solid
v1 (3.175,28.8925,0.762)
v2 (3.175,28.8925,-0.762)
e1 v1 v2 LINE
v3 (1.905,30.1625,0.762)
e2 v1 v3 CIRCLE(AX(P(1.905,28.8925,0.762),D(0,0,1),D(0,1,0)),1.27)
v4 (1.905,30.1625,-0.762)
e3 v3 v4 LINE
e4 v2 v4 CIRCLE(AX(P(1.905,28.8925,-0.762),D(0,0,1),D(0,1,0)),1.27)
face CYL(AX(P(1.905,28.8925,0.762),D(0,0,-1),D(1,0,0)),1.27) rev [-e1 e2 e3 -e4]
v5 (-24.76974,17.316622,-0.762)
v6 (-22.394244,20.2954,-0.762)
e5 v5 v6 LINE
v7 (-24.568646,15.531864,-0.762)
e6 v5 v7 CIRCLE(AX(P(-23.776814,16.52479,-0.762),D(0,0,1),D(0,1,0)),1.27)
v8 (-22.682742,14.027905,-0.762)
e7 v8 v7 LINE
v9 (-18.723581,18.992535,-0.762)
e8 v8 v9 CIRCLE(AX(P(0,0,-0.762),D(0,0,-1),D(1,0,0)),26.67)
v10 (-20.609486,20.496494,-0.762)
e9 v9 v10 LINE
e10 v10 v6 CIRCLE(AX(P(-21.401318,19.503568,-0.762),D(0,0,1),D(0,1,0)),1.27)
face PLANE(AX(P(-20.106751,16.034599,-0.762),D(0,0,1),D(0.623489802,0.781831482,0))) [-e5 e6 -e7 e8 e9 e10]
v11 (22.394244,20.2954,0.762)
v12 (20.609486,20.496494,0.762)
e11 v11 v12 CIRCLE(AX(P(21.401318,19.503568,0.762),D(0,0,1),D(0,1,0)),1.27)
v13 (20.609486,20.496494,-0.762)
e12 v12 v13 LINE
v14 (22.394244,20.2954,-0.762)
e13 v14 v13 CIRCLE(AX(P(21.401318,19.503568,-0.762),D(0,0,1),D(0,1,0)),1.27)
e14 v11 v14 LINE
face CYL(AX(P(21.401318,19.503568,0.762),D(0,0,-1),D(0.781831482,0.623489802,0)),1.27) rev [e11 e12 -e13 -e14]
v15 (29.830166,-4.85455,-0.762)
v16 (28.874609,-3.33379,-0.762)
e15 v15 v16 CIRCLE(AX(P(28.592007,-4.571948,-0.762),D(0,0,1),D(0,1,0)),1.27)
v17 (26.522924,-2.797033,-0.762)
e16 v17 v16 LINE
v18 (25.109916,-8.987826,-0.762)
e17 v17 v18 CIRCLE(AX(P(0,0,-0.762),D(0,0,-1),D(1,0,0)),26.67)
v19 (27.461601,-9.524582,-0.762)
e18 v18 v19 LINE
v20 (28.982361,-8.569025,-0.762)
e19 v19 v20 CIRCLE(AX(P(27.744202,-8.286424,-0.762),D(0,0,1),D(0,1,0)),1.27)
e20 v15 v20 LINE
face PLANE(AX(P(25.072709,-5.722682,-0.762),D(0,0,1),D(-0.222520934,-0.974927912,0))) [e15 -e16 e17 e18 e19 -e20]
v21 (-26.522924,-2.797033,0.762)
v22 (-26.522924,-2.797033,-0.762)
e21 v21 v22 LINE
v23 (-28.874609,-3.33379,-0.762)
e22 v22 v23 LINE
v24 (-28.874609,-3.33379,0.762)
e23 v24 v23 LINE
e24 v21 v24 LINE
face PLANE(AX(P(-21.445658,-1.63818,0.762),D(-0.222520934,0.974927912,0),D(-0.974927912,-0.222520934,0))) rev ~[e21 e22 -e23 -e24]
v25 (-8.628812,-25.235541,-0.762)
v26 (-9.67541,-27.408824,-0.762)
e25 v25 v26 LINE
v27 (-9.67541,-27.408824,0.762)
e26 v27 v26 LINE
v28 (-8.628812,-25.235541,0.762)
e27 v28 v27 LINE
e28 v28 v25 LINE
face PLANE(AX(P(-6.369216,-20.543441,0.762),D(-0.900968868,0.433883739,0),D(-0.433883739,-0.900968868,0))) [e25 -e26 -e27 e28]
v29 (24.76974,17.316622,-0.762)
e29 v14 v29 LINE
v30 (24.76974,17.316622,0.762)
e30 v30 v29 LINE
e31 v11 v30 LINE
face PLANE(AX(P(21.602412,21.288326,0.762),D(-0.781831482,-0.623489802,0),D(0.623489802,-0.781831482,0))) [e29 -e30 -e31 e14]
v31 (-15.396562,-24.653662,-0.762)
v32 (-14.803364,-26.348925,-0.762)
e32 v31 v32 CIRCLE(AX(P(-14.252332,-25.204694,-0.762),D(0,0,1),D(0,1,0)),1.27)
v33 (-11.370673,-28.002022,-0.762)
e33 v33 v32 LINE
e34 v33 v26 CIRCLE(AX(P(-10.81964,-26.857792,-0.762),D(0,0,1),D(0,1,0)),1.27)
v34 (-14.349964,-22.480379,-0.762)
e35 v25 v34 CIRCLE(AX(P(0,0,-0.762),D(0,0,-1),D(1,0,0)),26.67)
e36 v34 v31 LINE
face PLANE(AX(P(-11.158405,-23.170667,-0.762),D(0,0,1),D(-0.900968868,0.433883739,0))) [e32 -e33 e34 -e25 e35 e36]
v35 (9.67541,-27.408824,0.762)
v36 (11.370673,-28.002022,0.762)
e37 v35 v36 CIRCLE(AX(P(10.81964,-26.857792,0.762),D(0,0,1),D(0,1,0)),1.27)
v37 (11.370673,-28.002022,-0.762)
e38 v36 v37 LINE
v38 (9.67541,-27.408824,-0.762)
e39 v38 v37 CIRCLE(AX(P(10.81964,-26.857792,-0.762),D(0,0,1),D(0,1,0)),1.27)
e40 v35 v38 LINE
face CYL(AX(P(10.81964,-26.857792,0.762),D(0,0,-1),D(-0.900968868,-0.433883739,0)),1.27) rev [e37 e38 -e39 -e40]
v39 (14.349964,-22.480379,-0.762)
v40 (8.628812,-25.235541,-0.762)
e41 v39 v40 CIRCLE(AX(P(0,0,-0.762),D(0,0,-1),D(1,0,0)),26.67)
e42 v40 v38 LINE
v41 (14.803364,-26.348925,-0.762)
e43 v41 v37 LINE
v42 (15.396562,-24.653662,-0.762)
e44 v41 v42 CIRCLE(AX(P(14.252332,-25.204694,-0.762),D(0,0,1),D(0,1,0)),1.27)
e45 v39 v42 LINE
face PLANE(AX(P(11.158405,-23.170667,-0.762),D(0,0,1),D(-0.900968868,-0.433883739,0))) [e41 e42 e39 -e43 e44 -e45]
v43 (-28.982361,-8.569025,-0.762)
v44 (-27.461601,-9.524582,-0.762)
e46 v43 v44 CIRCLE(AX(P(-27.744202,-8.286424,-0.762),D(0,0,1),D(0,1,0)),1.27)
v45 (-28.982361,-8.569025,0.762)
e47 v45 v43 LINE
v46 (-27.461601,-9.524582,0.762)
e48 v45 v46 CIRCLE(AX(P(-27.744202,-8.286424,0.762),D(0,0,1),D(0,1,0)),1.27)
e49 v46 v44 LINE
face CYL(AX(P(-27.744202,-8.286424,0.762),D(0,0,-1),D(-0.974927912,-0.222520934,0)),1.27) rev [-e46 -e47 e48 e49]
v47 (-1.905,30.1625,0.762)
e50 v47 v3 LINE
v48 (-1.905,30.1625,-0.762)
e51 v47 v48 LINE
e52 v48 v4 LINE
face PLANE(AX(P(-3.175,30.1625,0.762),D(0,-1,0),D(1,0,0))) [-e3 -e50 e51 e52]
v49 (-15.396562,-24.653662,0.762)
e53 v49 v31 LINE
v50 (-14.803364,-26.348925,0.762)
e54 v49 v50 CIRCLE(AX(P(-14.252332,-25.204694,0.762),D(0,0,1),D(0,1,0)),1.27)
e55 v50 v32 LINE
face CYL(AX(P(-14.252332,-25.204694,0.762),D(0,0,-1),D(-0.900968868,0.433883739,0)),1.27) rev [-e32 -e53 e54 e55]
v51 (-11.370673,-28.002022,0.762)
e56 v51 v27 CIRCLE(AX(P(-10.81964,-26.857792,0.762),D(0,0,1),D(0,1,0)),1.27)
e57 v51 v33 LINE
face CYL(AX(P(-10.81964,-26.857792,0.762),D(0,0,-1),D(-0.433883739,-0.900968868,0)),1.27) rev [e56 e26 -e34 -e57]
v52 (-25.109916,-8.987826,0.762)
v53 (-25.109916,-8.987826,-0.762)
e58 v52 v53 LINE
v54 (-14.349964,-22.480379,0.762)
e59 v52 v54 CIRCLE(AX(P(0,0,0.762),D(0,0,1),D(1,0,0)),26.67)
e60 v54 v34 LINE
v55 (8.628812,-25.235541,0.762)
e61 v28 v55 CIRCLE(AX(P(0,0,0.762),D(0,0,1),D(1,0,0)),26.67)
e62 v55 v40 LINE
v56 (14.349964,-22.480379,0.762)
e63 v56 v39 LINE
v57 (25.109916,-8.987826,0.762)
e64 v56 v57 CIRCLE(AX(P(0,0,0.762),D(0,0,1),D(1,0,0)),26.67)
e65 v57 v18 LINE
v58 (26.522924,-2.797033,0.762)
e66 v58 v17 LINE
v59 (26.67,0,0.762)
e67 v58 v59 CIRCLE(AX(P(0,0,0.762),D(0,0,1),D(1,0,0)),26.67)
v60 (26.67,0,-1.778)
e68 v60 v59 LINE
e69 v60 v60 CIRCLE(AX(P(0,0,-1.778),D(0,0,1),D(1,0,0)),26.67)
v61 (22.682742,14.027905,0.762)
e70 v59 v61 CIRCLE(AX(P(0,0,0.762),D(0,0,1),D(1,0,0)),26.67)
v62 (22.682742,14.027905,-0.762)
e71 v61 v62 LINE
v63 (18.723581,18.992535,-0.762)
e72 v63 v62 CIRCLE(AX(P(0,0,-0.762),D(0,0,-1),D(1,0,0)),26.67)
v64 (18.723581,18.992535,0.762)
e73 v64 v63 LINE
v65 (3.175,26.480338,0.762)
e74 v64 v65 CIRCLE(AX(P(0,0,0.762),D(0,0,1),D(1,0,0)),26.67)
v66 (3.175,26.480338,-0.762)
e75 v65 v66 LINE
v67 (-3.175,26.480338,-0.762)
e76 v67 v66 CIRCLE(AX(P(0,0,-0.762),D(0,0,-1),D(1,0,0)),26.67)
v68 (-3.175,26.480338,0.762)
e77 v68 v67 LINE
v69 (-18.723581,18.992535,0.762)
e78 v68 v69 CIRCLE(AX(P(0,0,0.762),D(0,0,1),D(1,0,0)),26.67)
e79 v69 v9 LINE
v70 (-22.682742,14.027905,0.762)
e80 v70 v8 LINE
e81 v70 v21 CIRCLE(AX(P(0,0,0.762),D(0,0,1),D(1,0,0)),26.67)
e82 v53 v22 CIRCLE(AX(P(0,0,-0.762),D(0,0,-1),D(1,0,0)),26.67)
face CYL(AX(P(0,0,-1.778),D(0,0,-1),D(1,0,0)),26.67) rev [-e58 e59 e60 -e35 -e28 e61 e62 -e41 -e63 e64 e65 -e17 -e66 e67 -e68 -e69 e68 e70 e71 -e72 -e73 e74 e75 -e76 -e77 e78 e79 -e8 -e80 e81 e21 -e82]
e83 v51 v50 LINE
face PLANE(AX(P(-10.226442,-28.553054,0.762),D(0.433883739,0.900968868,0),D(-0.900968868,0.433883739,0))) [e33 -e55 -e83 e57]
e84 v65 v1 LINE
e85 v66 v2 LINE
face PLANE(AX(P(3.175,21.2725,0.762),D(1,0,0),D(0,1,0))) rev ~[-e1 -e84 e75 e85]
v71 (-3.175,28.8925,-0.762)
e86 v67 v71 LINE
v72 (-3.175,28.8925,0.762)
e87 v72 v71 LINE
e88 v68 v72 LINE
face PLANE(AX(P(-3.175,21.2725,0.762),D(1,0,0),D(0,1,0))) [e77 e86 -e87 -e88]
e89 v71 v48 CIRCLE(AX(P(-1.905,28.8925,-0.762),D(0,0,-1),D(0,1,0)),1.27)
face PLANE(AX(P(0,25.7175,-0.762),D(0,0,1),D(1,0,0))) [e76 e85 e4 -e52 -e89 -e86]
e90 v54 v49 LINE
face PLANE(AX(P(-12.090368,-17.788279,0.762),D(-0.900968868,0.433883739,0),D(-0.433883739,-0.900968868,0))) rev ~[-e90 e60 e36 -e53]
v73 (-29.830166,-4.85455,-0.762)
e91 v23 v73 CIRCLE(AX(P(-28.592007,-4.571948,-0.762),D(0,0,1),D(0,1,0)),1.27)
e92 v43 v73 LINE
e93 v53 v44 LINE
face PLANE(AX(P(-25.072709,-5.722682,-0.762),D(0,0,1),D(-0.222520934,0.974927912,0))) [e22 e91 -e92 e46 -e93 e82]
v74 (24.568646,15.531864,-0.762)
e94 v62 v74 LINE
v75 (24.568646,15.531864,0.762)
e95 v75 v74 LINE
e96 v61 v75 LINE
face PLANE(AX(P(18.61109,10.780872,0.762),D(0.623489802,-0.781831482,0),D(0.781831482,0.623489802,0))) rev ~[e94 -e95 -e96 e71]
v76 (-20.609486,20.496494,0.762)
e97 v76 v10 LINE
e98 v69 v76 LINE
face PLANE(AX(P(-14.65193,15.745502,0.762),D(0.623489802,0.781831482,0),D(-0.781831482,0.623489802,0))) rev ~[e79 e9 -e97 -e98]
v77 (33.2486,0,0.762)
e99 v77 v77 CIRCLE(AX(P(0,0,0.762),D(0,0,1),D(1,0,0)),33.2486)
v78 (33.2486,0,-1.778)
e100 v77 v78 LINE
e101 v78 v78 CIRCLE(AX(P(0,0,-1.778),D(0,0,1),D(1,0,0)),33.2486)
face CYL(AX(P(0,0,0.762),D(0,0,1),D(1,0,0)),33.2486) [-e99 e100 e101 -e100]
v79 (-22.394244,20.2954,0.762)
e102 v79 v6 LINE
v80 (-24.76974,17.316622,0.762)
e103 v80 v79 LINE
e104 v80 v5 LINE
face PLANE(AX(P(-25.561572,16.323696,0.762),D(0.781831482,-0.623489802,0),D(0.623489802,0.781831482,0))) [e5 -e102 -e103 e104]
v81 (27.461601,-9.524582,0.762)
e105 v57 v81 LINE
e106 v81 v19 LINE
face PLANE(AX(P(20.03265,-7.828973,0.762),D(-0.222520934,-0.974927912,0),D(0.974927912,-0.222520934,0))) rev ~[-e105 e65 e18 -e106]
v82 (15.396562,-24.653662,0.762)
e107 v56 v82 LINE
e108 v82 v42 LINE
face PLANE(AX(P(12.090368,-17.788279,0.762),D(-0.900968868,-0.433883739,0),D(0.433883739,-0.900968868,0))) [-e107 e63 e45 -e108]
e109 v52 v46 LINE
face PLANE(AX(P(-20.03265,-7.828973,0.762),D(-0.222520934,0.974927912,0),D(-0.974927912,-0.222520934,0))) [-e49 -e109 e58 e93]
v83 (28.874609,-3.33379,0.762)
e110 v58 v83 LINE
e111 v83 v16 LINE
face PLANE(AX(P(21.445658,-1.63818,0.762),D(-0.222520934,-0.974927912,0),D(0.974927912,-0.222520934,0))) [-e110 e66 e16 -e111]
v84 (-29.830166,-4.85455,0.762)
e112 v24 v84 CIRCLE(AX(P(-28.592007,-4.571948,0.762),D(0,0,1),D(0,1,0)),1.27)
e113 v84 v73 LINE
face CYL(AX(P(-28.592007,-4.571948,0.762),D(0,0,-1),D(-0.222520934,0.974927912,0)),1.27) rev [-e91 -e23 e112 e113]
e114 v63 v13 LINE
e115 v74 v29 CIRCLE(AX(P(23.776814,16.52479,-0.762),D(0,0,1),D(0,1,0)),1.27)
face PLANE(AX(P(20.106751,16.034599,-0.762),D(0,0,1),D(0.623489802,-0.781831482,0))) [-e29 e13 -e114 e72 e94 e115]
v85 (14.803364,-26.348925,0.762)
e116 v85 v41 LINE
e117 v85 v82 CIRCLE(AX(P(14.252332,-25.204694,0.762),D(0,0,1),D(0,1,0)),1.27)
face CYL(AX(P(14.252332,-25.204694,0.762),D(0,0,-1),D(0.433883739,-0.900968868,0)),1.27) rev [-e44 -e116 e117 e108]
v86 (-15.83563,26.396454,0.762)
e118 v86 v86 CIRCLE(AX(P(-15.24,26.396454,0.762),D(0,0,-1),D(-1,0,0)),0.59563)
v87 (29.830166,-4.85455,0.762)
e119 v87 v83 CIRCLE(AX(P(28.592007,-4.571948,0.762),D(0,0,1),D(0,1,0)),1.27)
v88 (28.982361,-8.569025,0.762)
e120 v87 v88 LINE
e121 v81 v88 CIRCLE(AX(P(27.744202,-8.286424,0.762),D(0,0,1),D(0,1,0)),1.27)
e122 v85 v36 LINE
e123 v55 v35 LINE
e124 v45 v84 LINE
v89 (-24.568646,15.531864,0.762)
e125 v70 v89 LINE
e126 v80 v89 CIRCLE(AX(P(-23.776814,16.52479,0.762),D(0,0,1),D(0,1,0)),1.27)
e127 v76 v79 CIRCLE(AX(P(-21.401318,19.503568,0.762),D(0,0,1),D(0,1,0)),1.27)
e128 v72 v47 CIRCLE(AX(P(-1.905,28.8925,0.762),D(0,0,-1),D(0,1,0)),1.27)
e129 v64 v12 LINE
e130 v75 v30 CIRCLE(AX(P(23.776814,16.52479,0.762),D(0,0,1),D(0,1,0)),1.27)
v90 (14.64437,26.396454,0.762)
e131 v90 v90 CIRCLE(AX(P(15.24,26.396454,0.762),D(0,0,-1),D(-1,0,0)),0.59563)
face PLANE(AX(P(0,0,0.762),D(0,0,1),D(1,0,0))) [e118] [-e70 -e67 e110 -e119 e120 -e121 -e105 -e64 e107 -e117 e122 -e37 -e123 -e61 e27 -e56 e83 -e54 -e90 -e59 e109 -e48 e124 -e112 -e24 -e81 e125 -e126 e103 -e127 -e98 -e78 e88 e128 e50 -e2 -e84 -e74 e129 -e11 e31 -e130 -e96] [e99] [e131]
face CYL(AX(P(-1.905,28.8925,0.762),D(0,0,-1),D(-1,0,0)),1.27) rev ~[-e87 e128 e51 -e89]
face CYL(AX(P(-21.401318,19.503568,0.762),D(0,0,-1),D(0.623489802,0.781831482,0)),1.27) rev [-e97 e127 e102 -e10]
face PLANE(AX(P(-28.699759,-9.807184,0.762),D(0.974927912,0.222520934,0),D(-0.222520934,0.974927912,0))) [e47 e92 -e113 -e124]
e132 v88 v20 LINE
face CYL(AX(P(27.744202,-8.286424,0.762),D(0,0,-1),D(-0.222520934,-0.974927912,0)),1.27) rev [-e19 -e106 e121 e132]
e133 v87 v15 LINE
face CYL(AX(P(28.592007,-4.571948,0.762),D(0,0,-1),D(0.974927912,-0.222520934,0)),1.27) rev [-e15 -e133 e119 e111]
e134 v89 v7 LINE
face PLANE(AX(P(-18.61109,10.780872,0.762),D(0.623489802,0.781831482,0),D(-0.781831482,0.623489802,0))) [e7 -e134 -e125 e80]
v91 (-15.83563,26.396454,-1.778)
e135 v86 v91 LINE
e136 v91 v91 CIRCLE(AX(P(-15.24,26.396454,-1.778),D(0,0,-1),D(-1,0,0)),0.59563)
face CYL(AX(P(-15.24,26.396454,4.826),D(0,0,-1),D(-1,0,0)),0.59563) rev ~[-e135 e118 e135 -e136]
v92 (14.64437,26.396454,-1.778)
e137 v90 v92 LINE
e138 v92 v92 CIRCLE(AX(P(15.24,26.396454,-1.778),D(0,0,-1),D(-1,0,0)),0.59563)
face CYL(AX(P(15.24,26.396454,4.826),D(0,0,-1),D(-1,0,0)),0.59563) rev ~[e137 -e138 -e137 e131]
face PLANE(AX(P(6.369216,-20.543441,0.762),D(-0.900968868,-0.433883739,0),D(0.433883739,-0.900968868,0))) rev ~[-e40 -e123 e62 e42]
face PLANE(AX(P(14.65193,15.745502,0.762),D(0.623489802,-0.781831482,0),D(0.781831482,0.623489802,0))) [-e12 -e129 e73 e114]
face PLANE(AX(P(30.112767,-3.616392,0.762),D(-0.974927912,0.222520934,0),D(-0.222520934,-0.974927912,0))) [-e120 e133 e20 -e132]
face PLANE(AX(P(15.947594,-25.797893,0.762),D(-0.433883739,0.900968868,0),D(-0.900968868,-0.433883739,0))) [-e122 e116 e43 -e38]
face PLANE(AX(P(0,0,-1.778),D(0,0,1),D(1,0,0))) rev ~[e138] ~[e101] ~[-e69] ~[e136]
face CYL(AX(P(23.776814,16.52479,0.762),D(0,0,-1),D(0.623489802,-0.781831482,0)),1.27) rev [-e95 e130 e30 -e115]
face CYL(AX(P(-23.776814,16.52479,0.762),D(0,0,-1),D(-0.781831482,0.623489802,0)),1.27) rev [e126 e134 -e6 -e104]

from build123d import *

# Parameters (mm, degrees)
BOSS_EXTRUDE1_DEPTH       = 0.762
BOSS_EXTRUDE1_DEPTH_BACK  = 1.778
SKETCH1_W                 = 74.549
SKETCH1_H                 = 74.549
SKETCH1_R                 = 26.67
SKETCH2_R                 = 3.302
CUT_EXTRUDE1_DEPTH        = 53.775262202
MIRROR2_COPY_1_SKETCH_R   = 3.302
MIRROR2_COPY_1_DEPTH      = 53.775262202
MIRROR2_COPY_2_SKETCH_R   = 3.302
MIRROR2_COPY_2_DEPTH      = 53.775262202
SKETCH14_OUTSIDE_W        = 97.642
SKETCH14_OUTSIDE_H        = 97.642
SKETCH14_OUTSIDE_R        = 33.2486
CUT_EXTRUDE6_DEPTH        = 53.775262202
SKETCH15_W                = 6.35
SKETCH15_H                = 8.89
CUT_EXTRUDE7_DEPTH        = 1.524
FILLET2_R                 = 1.27
CIRPATTERN2_COUNT         = 7
FILLET2_OF_CIRPATTERN2_R  = 1.27
SKETCH16_R                = 0.0127
CUT_EXTRUDE8_DEPTH        = 48.089175018
F_0_80_TAPPED_HOLE3_D     = 1.19126
F_0_80_TAPPED_HOLE3_DEPTH = 4.064
F_0_80_TAPPED_HOLE3_TIP   = 0.357890611


with BuildPart() as part:
    # Sketch1 → Boss-Extrude1 (new, two sides: drawn at the far end of the back side and taken through both)
    with BuildSketch(Plane.XY.offset(-BOSS_EXTRUDE1_DEPTH_BACK)):
        Rectangle(SKETCH1_W, SKETCH1_H)
        Circle(SKETCH1_R, mode=Mode.SUBTRACT)
    extrude(amount=BOSS_EXTRUDE1_DEPTH + BOSS_EXTRUDE1_DEPTH_BACK)

    # Sketch2 → Cut-Extrude1 (cut, through all)
    with BuildSketch(Plane.XY.offset(0.762)):
        with Locations((-31.75, 31.75)):
            Circle(SKETCH2_R)
    cut_extrude1 = extrude(amount=-CUT_EXTRUDE1_DEPTH, mode=Mode.SUBTRACT)

    # Mirror1: Cut-Extrude1 across plane
    add(cut_extrude1.mirror(Plane(origin=(0, 0, 0), x_dir=(0, 0, 1), z_dir=(1, 0, 0))), mode=Mode.SUBTRACT)

    # Mirror2 copy 1 sketch → Mirror2 copy 1 (cut, through all)
    with BuildSketch(Plane(origin=(0, 0, 0.762), x_dir=(-1, 0, 0), z_dir=(0, 0, 1))):
        with Locations((-31.75, 31.75)):
            Circle(MIRROR2_COPY_1_SKETCH_R)
    extrude(amount=-MIRROR2_COPY_1_DEPTH, mode=Mode.SUBTRACT)

    # Mirror2 copy 2 sketch → Mirror2 copy 2 (cut, through all)
    with BuildSketch(Plane.XY.offset(0.762)):
        with Locations((-31.75, -31.75)):
            Circle(MIRROR2_COPY_2_SKETCH_R)
    extrude(amount=-MIRROR2_COPY_2_DEPTH, mode=Mode.SUBTRACT)

    # Sketch14 outside → Cut-Extrude6 (cut, through all)
    with BuildSketch(Plane.XY.offset(0.762)):
        Rectangle(SKETCH14_OUTSIDE_W, SKETCH14_OUTSIDE_H)
        Circle(SKETCH14_OUTSIDE_R, mode=Mode.SUBTRACT)
    extrude(amount=-CUT_EXTRUDE6_DEPTH, mode=Mode.SUBTRACT)

    # Sketch15 → Cut-Extrude7 (cut)
    with BuildSketch(Plane.XY.offset(0.762)):
        with Locations((0, 25.7175)):
            Rectangle(SKETCH15_W, SKETCH15_H)
    cut_extrude7 = extrude(amount=-CUT_EXTRUDE7_DEPTH, mode=Mode.SUBTRACT)

    # Fillet2
    fillet2_edges = [part.edges().sort_by_distance(p)[0] for p in [
        (3.175, 30.1625, 0),
        (-3.175, 30.1625, 0),
    ]]
    fillet(fillet2_edges, radius=FILLET2_R)

    # CirPattern2: Cut-Extrude7 ×7 about axis
    cirpattern2_axis = Axis((0, 0, -1.778), (0, 0, 1))
    for i in range(1, CIRPATTERN2_COUNT):
        add(cut_extrude7.rotate(cirpattern2_axis, i * 360 / CIRPATTERN2_COUNT), mode=Mode.SUBTRACT)

    # Fillet2 of CirPattern2
    fillet2_of_cirpattern2_edges = [part.edges().sort_by_distance(p)[0] for p in [
        (-21.602411969, 21.288326105, 0),
        (-25.561572211, 16.323696192, 0),
        (-30.112767116, -3.616391549, 0),
        (-28.699759186, -9.807183792, 0),
        (-15.947594437, -25.797892606, 0),
        (-10.226442126, -28.55305435, 0),
        (10.226442126, -28.55305435, 0),
        (15.947594437, -25.797892606, 0),
        (28.699759186, -9.807183792, 0),
        (30.112767116, -3.616391549, 0),
        (25.561572211, 16.323696192, 0),
        (21.602411969, 21.288326105, 0),
    ]]
    fillet(fillet2_of_cirpattern2_edges, radius=FILLET2_OF_CIRPATTERN2_R)

    # Sketch16 → Cut-Extrude8 (cut, through all)
    with BuildSketch(Plane.XY.offset(0.762)):
        with Locations((-15.24, 26.396454307)):
            Circle(SKETCH16_R)
    cut_extrude8 = extrude(amount=-CUT_EXTRUDE8_DEPTH, mode=Mode.SUBTRACT)

    # Mirror4: Cut-Extrude8 across plane
    add(cut_extrude8.mirror(Plane(origin=(0, 0, 0), x_dir=(0, 0, 1), z_dir=(1, 0, 0))), mode=Mode.SUBTRACT)

    # 0-80 Tapped Hole3
    with Locations(Plane.XY.offset(0.762)):
        with Locations((-15.24, 26.396454307), (15.24, 26.396454307)):
            Hole(F_0_80_TAPPED_HOLE3_D / 2, depth=F_0_80_TAPPED_HOLE3_DEPTH)
            with Locations((0, 0, -(F_0_80_TAPPED_HOLE3_DEPTH + F_0_80_TAPPED_HOLE3_TIP / 2))):  # 118° drill point
                Cone(0, F_0_80_TAPPED_HOLE3_D / 2, F_0_80_TAPPED_HOLE3_TIP, mode=Mode.SUBTRACT)


solid = part.part
